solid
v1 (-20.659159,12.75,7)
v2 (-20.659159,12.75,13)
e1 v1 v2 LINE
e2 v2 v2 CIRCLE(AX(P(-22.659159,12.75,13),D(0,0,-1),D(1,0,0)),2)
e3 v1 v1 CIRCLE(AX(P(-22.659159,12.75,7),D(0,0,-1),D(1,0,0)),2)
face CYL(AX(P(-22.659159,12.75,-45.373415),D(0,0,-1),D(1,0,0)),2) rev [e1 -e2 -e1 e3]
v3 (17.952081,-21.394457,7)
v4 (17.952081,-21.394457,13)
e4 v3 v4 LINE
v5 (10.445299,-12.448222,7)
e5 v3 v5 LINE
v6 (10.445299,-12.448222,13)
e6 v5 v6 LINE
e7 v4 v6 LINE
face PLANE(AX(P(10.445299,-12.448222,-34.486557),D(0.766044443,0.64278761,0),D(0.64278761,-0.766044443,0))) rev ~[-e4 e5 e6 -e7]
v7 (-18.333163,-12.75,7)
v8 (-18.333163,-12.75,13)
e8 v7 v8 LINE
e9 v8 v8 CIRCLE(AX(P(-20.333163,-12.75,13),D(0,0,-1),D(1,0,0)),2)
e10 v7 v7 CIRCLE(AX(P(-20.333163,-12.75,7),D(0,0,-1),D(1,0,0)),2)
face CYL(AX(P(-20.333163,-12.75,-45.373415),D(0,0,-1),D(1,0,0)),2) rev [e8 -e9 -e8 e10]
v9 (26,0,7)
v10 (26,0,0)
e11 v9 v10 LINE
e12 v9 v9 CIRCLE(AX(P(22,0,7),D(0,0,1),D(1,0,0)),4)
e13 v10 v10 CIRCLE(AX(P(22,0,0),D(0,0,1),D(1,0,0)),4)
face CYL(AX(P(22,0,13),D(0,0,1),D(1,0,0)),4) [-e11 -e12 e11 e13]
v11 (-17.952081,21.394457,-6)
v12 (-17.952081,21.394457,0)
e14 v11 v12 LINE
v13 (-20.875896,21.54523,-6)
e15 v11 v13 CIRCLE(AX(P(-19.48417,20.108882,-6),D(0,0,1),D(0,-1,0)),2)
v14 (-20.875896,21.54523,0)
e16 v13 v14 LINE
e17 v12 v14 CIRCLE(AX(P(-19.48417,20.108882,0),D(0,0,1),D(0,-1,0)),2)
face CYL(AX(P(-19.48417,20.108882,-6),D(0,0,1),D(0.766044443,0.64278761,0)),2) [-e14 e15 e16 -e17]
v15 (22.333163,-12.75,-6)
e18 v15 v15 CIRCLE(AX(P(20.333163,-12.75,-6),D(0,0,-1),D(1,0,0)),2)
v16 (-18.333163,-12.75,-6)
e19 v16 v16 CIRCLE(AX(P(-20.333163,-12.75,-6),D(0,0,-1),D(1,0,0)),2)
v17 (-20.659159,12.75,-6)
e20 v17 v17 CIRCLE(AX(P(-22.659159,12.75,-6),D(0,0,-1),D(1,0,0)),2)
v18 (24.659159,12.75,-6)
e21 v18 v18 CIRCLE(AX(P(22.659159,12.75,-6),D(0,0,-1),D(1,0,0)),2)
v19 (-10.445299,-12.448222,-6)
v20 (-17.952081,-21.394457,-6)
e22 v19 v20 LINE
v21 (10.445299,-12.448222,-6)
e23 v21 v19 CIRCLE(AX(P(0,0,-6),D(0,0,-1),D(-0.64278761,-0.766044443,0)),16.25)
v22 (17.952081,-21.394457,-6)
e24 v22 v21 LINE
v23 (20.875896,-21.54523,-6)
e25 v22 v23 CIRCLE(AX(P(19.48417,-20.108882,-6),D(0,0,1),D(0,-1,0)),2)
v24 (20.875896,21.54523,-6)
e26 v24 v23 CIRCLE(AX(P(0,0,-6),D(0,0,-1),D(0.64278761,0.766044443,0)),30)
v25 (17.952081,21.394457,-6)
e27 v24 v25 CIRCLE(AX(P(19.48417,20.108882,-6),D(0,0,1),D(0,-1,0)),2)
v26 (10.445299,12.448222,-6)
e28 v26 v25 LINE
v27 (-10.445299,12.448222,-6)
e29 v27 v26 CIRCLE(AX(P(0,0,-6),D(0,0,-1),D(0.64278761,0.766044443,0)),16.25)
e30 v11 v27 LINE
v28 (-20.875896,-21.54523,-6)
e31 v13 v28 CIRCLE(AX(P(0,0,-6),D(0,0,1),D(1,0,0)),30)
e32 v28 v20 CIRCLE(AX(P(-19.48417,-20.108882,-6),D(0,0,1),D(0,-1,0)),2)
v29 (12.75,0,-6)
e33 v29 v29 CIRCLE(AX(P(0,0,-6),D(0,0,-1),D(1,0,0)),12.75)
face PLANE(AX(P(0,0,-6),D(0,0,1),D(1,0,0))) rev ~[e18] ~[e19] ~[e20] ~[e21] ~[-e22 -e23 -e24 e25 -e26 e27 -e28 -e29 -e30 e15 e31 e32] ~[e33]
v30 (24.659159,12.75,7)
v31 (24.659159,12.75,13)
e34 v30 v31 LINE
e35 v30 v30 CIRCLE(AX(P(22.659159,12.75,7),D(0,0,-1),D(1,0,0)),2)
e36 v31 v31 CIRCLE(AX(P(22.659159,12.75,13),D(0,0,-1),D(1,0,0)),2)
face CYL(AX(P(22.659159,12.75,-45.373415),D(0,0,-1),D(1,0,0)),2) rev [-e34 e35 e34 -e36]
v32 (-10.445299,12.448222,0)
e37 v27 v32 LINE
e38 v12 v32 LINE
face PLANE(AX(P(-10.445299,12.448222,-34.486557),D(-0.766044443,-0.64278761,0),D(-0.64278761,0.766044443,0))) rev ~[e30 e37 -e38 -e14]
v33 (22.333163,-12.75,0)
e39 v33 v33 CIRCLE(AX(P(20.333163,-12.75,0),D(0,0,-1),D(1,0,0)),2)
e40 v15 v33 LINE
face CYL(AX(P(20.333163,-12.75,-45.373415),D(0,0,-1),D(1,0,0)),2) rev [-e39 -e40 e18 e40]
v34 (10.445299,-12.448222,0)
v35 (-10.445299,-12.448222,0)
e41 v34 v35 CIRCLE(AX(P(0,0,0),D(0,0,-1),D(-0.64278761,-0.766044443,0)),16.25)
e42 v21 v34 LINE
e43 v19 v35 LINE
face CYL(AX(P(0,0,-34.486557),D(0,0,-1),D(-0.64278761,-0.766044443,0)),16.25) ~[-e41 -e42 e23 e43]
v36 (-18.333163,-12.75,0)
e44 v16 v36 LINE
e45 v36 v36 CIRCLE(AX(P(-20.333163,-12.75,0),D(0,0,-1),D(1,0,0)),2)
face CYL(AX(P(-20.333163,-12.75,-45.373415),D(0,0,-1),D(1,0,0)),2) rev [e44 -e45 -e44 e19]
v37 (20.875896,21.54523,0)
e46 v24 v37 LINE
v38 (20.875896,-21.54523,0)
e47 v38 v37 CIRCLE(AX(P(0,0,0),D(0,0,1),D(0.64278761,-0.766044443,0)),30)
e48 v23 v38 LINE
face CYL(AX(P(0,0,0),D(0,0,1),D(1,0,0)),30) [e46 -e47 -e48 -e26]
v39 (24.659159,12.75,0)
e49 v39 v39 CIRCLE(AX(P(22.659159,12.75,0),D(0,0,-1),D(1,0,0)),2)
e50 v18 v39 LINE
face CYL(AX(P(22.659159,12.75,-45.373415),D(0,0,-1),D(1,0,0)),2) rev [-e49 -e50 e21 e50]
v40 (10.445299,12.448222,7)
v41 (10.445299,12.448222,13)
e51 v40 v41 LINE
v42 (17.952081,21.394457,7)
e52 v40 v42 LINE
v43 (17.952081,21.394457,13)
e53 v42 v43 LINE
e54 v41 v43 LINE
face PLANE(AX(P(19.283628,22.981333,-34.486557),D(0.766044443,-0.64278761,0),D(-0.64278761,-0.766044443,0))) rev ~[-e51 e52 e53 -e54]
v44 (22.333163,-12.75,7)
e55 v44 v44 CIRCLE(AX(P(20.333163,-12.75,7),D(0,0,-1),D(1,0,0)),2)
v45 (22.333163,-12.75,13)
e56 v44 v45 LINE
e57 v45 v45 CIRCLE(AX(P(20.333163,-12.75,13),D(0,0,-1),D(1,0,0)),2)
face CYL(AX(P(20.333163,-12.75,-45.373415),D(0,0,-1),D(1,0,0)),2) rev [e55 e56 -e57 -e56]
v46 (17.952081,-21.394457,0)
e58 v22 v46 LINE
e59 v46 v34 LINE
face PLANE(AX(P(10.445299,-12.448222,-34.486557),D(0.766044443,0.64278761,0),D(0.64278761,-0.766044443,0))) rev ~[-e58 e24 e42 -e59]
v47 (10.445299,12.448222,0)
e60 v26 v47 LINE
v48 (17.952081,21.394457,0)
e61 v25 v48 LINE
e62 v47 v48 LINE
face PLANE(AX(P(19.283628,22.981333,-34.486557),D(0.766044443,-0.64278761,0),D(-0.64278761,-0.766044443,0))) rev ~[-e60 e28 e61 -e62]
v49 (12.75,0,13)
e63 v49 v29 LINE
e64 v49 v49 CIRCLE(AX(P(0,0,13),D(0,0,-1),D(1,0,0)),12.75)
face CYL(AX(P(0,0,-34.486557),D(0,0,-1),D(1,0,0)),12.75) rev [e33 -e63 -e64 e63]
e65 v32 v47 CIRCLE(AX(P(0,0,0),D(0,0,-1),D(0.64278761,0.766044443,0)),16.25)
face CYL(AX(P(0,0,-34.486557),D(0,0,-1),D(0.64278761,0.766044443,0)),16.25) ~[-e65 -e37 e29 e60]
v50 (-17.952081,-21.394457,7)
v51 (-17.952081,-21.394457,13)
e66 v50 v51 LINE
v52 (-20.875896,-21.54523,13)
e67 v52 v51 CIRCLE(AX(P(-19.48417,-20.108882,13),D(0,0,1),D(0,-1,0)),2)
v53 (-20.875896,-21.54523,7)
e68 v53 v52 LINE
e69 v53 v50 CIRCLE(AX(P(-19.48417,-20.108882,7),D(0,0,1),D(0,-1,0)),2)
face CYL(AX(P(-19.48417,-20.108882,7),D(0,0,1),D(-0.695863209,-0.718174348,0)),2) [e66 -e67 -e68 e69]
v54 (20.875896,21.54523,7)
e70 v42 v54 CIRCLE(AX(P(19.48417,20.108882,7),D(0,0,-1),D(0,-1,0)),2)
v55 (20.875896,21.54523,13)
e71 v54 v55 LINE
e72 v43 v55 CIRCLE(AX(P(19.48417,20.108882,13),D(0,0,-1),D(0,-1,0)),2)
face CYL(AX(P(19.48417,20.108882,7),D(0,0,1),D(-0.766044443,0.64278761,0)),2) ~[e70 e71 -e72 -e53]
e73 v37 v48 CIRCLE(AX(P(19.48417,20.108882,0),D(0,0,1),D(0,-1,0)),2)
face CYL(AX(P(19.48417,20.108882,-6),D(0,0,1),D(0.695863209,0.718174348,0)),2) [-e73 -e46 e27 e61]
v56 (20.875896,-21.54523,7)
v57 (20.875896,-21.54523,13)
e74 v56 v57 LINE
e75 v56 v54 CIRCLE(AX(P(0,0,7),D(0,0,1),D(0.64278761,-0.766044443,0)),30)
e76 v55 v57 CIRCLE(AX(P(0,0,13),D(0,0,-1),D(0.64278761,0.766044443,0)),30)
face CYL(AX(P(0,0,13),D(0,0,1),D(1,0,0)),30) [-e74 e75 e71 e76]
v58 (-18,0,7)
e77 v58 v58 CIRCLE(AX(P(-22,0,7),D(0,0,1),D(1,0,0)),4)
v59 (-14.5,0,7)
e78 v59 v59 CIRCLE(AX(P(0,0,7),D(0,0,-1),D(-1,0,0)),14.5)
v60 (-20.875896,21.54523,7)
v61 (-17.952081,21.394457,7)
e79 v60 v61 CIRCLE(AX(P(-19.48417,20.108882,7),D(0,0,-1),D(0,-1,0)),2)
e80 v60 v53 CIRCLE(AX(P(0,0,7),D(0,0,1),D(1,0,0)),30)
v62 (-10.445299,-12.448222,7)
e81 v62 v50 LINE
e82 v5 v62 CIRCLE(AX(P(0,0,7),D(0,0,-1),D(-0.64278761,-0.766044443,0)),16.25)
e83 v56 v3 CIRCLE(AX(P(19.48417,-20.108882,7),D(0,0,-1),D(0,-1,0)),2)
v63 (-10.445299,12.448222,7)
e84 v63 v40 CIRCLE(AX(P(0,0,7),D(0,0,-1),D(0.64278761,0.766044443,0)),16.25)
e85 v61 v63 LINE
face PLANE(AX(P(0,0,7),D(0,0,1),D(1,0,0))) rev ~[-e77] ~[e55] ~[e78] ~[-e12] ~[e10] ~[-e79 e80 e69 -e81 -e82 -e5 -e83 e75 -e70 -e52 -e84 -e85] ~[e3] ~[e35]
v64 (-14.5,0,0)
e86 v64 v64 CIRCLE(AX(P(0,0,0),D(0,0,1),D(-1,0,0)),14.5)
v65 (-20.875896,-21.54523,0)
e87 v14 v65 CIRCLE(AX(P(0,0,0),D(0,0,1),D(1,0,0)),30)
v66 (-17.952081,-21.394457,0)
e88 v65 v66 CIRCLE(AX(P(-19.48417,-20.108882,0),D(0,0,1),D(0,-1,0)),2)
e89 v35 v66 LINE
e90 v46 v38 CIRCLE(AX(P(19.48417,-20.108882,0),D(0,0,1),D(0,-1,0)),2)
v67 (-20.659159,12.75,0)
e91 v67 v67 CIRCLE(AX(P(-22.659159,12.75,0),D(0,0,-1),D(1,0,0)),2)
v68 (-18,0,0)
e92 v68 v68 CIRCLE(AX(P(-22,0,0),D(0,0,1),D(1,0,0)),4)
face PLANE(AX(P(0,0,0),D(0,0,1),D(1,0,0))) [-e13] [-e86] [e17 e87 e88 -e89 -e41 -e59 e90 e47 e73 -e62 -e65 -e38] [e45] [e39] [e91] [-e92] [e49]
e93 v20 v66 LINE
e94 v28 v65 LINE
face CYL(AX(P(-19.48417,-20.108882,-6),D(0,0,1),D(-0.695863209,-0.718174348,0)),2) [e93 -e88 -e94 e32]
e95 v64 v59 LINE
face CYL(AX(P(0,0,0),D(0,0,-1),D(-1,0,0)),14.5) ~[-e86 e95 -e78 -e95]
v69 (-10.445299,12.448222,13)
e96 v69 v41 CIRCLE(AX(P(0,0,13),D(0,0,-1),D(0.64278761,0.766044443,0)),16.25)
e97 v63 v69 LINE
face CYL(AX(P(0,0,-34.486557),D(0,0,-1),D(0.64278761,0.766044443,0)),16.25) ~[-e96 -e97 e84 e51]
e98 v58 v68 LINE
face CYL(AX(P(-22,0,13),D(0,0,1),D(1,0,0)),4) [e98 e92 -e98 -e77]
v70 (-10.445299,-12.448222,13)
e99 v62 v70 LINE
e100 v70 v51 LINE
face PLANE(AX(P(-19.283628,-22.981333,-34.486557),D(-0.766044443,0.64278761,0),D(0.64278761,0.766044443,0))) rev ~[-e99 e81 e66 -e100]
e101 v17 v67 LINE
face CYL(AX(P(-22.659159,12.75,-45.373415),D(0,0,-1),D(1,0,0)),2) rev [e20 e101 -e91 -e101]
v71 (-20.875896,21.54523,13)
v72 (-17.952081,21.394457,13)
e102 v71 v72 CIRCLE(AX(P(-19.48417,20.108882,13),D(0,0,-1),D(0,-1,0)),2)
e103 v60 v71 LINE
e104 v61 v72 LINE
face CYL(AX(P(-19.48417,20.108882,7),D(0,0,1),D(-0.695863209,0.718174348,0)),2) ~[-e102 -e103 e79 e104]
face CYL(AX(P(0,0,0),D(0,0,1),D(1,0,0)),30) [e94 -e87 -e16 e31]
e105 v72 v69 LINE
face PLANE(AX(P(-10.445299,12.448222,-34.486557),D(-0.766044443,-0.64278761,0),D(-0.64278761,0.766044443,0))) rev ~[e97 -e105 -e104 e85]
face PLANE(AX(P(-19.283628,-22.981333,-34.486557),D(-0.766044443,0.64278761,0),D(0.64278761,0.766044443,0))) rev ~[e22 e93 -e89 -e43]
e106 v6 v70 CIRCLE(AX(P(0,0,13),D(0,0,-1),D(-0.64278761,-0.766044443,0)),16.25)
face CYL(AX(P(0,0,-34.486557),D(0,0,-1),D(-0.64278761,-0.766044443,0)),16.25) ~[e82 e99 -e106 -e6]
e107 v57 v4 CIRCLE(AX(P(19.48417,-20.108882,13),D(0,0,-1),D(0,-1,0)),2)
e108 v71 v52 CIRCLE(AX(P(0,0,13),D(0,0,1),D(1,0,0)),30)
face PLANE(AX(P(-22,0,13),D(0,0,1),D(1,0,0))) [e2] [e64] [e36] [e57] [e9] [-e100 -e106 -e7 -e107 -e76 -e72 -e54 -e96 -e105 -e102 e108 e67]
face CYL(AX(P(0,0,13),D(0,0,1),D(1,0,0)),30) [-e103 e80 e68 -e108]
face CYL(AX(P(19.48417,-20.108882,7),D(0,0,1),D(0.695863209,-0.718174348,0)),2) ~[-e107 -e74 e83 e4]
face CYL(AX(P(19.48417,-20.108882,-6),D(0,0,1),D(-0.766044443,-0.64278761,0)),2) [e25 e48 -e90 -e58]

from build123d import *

# Parameters (mm, degrees)
SKETCH1_R               = 30
BOSS_EXTRUDE1_DEPTH     = 6
SKETCH2_R               = 14.5
BOSS_EXTRUDE2_DEPTH     = 13
CUT_EXTRUDE1_DEPTH      = 47.486557197
CUT_EXTRUDE1_DEPTH_BACK = 47.486557197
SKETCH3_R               = 12.75
BOSS_EXTRUDE4_START     = 13
SKETCH5_R               = 30
SKETCH5_R_2             = 12.75
BOSS_EXTRUDE4_DEPTH     = 6
CUT_EXTRUDE2_DEPTH      = 45.373415465
CUT_EXTRUDE2_DEPTH_BACK = 45.373415465
SKETCH6_R               = 2
CUT_EXTRUDE3_DEPTH      = 47.486557197
CUT_EXTRUDE3_DEPTH_BACK = 47.486557197
FILLET1_R               = 2
FILLET2_R               = 2
FILLET3_R               = 2
FILLET4_R               = 2
SKETCH8_R               = 4
BOSS_EXTRUDE5_DEPTH     = 13
FILLET5_R               = 2
FILLET6_R               = 2
FILLET7_R               = 2
FILLET8_R               = 2


with BuildPart() as part:
    # Sketch1 → Boss-Extrude1 (new body)
    with BuildSketch(Plane.XY):
        Circle(SKETCH1_R)
    extrude(amount=-BOSS_EXTRUDE1_DEPTH)

    # Sketch2 → Boss-Extrude2 (add)
    with BuildSketch(Plane.XY):
        with Locations(Location((0, 0, 0), (0, 0, 180))):
            Circle(SKETCH2_R)
    extrude(amount=BOSS_EXTRUDE2_DEPTH)

    # Sketch3 → Cut-Extrude1 (cut, two sides: drawn at the far end of the back side and taken through both)
    with BuildSketch(Plane.XY.offset(13).offset(-CUT_EXTRUDE1_DEPTH_BACK)):
        Circle(SKETCH3_R)
    extrude(amount=CUT_EXTRUDE1_DEPTH + CUT_EXTRUDE1_DEPTH_BACK, mode=Mode.SUBTRACT)

    # Sketch5 → Boss-Extrude4 (add)
    with BuildSketch(Plane.XY.offset(BOSS_EXTRUDE4_START)):
        Circle(SKETCH5_R)
        Circle(SKETCH5_R_2, mode=Mode.SUBTRACT)
    extrude(amount=-BOSS_EXTRUDE4_DEPTH)

    # Sketch6 → Cut-Extrude2 (cut, two sides: drawn at the far end of the back side and taken through both)
    with BuildSketch(Plane.XY.offset(-CUT_EXTRUDE2_DEPTH_BACK)):
        with Locations((-20.333162568, -12.75)):
            Circle(SKETCH6_R)
        with Locations((-22.659159296, 12.75)):
            Circle(SKETCH6_R)
        with Locations((20.333162568, -12.75)):
            Circle(SKETCH6_R)
        with Locations((22.659159296, 12.75)):
            Circle(SKETCH6_R)
    extrude(amount=CUT_EXTRUDE2_DEPTH + CUT_EXTRUDE2_DEPTH_BACK, mode=Mode.SUBTRACT)

    # Sketch7 → Cut-Extrude3 (cut, two sides: drawn at the far end of the back side and taken through both)
    with BuildSketch(Plane.XY.offset(13).offset(-CUT_EXTRUDE3_DEPTH_BACK)):
        with BuildLine():
            Line((10.445298657, -12.448222201), (19.283628291, -22.981333294))
            ThreePointArc((19.283628291, -22.981333294), (0, -30), (-19.283628291, -22.981333294))
            Line((-19.283628291, -22.981333294), (-10.445298657, -12.448222201))
            ThreePointArc((-10.445298657, -12.448222201), (0, -16.25), (10.445298657, -12.448222201))
        make_face()
        with BuildLine():
            Line((-10.445298657, 12.448222201), (-19.283628291, 22.981333294))
            ThreePointArc((-19.283628291, 22.981333294), (0, 30), (19.283628291, 22.981333294))
            Line((19.283628291, 22.981333294), (10.445298657, 12.448222201))
            ThreePointArc((10.445298657, 12.448222201), (0, 16.25), (-10.445298657, 12.448222201))
        make_face()
    extrude(amount=CUT_EXTRUDE3_DEPTH + CUT_EXTRUDE3_DEPTH_BACK, mode=Mode.SUBTRACT)

    # Fillet1
    fillet1_edges = [part.edges().sort_by_distance(p)[0] for p in [
        (-19.283628291, -22.981333294, 10),
    ]]
    fillet(fillet1_edges, radius=FILLET1_R)

    # Fillet2
    fillet2_edges = [part.edges().sort_by_distance(p)[0] for p in [
        (-19.283628291, 22.981333294, 10),
    ]]
    fillet(fillet2_edges, radius=FILLET2_R)

    # Fillet3
    fillet3_edges = [part.edges().sort_by_distance(p)[0] for p in [
        (19.283628291, 22.981333294, 10),
    ]]
    fillet(fillet3_edges, radius=FILLET3_R)

    # Fillet4
    fillet4_edges = [part.edges().sort_by_distance(p)[0] for p in [
        (19.283628291, -22.981333294, 10),
    ]]
    fillet(fillet4_edges, radius=FILLET4_R)

    # Sketch8 → Boss-Extrude5 (add)
    with BuildSketch(Plane.XY.offset(13)):
        with Locations((-22, 0)):
            Circle(SKETCH8_R)
        with Locations((22, 0)):
            Circle(SKETCH8_R)
    extrude(amount=-BOSS_EXTRUDE5_DEPTH)

    # Fillet5
    fillet5_edges = [part.edges().sort_by_distance(p)[0] for p in [
        (-19.283628291, 22.981333294, -3),
    ]]
    fillet(fillet5_edges, radius=FILLET5_R)

    # Fillet6
    fillet6_edges = [part.edges().sort_by_distance(p)[0] for p in [
        (-19.283628291, -22.981333294, -3),
    ]]
    fillet(fillet6_edges, radius=FILLET6_R)

    # Fillet7
    fillet7_edges = [part.edges().sort_by_distance(p)[0] for p in [
        (19.283628291, -22.981333294, -3),
    ]]
    fillet(fillet7_edges, radius=FILLET7_R)

    # Fillet8
    fillet8_edges = [part.edges().sort_by_distance(p)[0] for p in [
        (19.283628291, 22.981333294, -3),
    ]]
    fillet(fillet8_edges, radius=FILLET8_R)


solid = part.part
